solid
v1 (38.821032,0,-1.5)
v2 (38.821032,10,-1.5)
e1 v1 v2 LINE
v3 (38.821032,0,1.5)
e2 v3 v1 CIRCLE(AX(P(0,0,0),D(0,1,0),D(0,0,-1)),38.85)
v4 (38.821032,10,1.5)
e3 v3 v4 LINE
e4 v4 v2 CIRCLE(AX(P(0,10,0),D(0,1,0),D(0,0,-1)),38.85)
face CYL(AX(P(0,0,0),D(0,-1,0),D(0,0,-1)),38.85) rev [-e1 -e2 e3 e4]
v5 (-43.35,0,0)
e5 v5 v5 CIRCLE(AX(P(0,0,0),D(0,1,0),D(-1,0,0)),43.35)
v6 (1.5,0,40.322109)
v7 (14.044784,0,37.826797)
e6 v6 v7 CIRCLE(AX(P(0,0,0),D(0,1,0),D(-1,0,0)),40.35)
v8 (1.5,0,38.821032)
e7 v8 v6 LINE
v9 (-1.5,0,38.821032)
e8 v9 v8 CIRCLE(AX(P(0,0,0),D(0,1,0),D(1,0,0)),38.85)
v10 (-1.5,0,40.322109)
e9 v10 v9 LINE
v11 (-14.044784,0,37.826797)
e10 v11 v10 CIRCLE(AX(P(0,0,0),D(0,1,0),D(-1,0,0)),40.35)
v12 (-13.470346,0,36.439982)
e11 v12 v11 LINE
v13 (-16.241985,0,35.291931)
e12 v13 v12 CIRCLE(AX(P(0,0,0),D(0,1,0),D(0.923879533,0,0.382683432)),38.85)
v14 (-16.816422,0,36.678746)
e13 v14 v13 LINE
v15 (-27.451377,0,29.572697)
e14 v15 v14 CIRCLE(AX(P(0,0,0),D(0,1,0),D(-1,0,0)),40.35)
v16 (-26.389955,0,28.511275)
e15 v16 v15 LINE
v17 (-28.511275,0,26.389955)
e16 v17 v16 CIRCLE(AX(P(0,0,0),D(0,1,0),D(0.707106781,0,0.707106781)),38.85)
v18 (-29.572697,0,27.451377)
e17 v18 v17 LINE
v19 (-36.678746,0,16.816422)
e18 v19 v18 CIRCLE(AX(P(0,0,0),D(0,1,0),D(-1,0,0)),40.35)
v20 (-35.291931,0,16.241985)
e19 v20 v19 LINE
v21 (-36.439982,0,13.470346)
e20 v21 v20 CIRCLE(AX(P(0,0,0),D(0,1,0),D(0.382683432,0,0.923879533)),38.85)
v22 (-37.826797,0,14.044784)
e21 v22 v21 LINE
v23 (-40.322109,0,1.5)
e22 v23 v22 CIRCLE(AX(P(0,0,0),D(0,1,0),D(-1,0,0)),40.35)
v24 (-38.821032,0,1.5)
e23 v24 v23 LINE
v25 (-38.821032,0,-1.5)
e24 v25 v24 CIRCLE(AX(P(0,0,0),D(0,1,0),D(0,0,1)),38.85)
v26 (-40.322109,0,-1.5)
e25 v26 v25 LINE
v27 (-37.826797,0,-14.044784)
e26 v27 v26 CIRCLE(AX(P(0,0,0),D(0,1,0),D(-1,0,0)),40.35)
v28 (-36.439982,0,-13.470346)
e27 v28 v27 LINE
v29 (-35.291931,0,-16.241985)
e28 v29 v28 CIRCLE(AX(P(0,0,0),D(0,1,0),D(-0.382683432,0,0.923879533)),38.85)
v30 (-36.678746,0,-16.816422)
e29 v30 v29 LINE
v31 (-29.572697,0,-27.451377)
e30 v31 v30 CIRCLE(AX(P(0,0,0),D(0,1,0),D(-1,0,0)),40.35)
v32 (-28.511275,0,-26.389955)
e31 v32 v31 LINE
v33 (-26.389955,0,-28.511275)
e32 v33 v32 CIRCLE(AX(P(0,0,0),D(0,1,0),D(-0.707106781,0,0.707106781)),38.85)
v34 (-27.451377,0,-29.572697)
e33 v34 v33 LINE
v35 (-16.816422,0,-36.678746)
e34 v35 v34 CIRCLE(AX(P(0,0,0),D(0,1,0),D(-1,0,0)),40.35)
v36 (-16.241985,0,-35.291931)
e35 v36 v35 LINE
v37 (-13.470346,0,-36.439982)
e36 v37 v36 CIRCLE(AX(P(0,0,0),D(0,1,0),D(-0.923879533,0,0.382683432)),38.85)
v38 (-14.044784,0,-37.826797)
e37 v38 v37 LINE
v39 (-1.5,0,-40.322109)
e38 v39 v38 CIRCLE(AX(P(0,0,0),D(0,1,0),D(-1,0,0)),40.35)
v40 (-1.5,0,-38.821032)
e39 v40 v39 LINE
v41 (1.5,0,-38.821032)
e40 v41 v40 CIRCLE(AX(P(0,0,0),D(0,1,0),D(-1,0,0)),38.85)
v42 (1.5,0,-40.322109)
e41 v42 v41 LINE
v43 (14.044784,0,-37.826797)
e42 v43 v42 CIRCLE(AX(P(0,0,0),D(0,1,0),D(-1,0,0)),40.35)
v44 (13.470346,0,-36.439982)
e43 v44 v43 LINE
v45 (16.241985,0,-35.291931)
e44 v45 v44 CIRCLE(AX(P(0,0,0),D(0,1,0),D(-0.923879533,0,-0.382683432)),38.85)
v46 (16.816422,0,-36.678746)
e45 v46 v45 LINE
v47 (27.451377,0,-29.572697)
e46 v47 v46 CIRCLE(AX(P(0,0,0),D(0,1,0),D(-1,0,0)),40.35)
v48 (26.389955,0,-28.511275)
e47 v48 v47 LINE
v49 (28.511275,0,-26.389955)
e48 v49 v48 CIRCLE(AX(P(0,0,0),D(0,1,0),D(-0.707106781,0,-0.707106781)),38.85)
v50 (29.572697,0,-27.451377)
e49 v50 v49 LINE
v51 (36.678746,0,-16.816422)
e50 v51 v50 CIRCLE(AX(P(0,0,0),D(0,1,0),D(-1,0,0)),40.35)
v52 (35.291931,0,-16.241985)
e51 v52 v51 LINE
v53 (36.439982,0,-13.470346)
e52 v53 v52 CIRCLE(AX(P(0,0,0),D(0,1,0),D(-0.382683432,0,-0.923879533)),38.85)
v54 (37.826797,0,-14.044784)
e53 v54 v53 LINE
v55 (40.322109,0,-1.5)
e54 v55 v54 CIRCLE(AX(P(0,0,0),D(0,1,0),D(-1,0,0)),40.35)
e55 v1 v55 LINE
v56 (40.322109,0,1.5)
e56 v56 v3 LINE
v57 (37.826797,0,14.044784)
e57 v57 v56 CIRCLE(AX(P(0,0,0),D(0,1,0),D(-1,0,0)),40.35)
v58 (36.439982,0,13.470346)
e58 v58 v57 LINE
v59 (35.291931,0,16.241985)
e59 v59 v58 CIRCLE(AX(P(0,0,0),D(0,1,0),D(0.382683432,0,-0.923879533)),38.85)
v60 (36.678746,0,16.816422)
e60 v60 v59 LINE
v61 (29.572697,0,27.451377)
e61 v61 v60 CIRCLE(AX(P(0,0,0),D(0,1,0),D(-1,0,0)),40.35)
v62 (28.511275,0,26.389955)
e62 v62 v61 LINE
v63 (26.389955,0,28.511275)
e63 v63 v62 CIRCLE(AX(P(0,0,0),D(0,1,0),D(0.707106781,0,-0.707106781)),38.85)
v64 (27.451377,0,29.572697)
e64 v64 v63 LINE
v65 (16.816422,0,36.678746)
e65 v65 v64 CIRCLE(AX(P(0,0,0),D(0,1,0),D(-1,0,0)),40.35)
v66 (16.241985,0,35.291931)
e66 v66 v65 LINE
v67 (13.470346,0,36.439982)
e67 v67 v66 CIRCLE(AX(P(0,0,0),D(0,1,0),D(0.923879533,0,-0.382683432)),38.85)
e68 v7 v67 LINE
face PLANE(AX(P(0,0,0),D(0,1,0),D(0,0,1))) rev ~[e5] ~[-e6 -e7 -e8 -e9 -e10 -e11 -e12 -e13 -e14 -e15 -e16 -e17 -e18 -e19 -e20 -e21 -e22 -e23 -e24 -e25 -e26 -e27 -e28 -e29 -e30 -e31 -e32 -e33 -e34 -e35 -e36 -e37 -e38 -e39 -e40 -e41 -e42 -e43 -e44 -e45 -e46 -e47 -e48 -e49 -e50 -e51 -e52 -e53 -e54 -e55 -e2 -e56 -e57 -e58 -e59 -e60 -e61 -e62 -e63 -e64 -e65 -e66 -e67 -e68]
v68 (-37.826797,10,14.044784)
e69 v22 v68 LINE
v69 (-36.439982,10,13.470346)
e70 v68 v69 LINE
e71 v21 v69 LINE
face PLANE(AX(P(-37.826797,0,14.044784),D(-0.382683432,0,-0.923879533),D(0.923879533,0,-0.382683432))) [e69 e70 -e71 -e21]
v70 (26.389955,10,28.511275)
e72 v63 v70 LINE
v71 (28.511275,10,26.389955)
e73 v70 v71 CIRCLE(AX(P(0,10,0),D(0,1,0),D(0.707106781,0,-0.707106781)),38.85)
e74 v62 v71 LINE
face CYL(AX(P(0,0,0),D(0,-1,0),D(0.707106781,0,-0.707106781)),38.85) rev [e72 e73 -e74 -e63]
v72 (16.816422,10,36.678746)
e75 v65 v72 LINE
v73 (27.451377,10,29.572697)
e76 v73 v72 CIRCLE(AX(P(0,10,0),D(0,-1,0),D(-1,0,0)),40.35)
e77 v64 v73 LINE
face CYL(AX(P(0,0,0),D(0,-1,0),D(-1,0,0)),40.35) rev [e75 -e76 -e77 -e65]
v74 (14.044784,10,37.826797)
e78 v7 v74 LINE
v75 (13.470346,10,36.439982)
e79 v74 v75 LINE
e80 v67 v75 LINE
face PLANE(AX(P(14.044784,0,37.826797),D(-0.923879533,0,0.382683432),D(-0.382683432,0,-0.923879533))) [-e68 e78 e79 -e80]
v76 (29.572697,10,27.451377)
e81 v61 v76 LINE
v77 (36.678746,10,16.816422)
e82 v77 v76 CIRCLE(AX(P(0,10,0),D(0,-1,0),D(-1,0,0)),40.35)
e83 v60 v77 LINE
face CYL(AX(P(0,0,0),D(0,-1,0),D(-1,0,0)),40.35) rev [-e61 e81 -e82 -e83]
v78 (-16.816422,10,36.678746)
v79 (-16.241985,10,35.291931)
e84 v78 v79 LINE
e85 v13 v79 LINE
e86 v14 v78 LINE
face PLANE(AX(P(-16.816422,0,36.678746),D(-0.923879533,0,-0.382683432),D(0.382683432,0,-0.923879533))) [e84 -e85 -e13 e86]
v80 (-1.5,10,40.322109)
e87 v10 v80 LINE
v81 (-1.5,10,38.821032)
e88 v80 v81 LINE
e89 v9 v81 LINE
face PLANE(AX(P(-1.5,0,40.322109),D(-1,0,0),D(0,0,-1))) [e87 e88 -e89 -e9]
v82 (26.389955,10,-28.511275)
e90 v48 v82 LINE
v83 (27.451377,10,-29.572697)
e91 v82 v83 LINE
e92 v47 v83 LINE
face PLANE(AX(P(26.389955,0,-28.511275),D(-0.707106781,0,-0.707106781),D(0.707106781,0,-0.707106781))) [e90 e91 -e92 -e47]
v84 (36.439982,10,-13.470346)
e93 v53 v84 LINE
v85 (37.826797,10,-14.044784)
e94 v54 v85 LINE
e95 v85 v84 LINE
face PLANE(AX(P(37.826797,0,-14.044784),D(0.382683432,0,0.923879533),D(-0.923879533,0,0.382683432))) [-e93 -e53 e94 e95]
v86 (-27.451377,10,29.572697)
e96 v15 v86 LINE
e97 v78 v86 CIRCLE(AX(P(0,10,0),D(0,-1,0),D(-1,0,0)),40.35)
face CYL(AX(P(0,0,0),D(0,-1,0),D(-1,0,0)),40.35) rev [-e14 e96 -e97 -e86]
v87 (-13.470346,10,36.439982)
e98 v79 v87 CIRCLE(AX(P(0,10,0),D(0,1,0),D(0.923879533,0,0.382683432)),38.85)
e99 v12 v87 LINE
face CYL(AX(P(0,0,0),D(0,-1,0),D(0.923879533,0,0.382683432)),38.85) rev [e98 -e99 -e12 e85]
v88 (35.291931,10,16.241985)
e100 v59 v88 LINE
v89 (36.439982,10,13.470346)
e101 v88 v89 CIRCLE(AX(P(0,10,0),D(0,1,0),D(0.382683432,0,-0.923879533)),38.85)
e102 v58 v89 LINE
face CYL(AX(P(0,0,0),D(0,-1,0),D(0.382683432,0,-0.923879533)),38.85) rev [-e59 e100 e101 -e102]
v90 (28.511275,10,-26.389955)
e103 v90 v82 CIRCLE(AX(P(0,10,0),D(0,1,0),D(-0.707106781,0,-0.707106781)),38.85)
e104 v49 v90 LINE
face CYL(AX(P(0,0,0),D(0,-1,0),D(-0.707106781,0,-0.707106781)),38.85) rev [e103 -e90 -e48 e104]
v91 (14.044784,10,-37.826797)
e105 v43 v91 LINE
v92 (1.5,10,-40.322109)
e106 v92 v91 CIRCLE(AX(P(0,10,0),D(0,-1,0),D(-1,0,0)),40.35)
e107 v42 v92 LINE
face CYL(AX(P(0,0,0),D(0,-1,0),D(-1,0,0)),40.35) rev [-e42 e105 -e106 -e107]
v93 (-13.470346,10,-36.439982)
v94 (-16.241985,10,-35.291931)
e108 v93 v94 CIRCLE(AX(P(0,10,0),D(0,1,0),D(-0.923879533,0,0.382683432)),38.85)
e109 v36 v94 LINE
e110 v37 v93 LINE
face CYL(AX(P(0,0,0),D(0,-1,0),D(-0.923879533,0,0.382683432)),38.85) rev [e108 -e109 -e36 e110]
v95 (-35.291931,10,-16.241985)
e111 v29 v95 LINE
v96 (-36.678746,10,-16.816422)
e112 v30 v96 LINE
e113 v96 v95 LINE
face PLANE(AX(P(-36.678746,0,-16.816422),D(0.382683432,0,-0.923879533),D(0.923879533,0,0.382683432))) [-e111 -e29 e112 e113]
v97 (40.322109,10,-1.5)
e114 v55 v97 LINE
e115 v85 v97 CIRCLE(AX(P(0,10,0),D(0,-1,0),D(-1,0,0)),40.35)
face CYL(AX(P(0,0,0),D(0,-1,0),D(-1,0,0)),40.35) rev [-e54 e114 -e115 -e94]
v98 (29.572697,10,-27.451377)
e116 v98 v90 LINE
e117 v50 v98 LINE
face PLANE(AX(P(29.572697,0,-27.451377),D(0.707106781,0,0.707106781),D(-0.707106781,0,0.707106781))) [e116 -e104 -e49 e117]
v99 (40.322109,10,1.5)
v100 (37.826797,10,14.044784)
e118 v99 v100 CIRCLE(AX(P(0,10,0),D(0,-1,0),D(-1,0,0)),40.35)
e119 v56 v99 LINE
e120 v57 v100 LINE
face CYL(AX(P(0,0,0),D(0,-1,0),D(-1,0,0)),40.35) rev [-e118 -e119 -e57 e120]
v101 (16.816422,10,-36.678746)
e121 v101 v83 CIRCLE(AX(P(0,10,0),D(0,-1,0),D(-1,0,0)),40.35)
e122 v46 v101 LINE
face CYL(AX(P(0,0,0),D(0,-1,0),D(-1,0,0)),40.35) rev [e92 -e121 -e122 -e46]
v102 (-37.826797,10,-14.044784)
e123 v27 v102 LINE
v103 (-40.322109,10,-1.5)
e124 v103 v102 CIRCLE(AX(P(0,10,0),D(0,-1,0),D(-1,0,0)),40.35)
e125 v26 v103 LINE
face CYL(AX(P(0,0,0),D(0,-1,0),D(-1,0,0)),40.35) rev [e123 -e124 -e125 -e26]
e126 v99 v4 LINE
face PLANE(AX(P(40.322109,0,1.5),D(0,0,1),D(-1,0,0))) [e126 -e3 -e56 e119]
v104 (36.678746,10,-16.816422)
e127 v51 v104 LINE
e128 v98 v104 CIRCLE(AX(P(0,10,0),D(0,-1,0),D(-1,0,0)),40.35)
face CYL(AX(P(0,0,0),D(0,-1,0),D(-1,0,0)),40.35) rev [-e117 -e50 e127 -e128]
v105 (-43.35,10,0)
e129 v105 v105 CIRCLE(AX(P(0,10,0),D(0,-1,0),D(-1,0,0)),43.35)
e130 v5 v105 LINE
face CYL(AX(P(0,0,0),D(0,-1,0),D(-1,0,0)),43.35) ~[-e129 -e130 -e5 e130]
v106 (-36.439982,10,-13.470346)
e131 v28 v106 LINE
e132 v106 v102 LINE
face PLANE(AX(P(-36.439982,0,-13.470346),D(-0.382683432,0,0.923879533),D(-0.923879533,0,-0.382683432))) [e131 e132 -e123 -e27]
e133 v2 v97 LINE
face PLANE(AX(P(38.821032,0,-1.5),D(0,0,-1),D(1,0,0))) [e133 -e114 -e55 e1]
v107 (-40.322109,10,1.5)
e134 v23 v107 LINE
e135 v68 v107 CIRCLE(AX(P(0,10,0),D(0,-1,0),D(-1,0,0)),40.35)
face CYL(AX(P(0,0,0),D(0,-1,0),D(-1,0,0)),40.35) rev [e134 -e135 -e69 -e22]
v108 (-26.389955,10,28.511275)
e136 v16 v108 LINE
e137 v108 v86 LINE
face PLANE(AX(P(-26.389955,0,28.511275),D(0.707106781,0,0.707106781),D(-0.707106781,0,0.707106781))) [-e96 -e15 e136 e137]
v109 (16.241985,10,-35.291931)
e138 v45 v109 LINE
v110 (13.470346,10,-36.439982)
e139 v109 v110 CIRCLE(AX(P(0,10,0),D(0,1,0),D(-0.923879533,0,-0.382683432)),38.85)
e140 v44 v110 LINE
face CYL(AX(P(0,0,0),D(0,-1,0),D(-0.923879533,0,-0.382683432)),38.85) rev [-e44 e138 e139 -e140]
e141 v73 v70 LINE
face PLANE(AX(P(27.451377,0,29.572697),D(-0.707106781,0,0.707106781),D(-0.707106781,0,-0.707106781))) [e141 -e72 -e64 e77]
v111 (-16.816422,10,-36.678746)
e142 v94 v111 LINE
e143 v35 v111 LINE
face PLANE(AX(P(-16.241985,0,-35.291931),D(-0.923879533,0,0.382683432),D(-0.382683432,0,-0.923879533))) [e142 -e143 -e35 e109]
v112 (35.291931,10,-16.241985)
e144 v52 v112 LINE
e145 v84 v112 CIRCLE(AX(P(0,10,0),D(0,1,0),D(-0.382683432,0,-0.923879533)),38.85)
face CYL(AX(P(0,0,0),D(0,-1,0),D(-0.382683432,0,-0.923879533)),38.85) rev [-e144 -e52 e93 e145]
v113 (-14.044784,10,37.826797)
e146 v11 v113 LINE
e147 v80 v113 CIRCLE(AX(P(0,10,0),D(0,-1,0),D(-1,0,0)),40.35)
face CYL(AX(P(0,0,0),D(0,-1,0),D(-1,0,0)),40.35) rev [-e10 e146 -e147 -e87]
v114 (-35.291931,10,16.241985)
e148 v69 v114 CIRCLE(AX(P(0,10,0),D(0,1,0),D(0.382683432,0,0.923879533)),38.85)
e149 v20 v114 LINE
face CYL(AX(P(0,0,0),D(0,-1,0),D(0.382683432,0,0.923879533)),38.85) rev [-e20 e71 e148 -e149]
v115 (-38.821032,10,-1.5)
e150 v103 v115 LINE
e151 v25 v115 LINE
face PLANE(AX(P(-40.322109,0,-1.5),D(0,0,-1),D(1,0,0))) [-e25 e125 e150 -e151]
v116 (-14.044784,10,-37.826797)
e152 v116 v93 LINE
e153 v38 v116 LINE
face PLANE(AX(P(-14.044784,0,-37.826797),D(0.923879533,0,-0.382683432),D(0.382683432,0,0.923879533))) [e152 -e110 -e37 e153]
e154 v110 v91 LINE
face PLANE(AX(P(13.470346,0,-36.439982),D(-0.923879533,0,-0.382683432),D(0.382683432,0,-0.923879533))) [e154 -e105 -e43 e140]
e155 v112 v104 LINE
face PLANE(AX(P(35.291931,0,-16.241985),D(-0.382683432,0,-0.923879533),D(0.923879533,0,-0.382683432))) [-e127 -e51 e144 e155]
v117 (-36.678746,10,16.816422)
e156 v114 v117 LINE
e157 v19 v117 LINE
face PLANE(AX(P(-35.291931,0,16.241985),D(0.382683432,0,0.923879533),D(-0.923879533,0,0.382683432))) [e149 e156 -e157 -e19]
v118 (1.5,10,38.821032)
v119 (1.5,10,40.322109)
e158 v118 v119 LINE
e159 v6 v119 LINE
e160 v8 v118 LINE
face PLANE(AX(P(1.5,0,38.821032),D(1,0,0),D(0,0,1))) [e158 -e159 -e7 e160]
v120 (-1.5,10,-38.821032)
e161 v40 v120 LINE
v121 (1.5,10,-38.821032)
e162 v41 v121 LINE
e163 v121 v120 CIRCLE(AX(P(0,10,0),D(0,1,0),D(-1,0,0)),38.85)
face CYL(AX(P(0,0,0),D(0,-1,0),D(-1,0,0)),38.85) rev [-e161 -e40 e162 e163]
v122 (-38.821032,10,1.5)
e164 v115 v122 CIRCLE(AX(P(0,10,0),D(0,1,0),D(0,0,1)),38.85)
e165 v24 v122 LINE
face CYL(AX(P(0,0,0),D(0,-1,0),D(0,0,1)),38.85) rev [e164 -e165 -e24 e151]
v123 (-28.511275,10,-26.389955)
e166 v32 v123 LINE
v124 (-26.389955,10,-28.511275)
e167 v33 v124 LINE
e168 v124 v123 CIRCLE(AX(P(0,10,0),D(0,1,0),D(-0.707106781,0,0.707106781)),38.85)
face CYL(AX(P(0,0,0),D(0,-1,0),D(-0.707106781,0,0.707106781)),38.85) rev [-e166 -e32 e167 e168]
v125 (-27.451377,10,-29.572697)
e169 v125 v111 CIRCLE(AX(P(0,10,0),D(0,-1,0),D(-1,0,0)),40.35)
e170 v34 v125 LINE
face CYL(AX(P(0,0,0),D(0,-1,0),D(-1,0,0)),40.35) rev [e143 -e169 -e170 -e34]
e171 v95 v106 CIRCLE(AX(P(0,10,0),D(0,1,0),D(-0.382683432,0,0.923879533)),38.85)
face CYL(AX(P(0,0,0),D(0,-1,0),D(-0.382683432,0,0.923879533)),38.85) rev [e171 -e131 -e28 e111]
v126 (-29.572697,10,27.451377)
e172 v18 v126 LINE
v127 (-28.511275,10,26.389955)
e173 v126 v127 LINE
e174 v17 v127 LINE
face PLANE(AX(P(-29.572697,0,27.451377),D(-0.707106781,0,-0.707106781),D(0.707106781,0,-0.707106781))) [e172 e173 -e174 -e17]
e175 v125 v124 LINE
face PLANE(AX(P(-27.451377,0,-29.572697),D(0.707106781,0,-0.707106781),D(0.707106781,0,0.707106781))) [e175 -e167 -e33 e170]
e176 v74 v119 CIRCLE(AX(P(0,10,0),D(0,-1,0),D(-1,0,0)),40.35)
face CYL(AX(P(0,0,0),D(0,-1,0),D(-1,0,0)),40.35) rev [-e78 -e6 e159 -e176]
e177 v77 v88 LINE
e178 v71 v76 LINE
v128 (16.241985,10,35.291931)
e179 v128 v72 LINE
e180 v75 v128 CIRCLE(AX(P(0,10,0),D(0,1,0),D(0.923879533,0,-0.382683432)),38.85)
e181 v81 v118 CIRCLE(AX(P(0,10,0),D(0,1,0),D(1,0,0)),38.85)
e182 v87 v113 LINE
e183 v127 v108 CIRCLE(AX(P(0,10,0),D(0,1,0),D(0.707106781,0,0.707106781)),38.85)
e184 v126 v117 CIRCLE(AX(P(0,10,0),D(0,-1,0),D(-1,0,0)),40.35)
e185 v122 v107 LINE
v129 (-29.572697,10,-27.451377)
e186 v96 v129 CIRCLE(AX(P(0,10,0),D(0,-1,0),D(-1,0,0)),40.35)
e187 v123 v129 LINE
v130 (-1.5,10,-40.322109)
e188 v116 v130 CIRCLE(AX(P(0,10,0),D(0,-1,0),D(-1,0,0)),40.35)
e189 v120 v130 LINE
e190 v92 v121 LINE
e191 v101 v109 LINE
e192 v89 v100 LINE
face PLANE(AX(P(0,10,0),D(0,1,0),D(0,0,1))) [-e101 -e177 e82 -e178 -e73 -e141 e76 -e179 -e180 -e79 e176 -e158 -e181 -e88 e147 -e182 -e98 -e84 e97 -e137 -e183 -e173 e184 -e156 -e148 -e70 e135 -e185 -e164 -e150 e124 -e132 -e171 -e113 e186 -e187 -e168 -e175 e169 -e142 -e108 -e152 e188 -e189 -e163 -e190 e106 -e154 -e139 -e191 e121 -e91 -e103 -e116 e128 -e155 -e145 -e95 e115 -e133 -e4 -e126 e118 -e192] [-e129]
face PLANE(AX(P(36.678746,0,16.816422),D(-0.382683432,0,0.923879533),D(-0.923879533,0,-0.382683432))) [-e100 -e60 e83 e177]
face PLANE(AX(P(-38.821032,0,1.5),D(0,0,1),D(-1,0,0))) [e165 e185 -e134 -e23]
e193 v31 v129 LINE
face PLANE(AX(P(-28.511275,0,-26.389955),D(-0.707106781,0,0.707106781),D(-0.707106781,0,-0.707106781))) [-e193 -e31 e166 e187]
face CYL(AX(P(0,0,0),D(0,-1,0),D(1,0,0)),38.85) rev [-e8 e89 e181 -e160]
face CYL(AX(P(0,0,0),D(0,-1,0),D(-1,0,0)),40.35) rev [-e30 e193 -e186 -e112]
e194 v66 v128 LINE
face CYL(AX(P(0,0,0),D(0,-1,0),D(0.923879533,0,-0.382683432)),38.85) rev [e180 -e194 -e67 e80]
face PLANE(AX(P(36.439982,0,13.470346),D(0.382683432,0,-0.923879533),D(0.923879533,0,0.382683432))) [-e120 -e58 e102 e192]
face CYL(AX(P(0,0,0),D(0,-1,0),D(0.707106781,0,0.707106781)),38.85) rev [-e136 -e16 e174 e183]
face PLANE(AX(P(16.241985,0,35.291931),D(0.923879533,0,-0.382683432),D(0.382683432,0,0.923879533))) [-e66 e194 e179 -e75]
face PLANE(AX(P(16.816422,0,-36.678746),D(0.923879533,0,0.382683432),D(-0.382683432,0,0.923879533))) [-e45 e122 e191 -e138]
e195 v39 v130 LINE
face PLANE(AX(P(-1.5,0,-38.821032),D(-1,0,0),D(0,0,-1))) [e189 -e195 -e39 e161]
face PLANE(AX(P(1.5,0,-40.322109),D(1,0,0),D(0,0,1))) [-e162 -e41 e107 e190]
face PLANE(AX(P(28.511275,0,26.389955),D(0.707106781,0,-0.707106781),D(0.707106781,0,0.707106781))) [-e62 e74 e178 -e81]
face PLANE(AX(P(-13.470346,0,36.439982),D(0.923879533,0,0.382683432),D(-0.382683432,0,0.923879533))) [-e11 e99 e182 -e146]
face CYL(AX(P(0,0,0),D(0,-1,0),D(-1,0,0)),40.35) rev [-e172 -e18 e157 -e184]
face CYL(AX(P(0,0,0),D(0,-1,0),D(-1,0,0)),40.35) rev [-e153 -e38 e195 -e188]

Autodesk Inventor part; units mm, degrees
ref_plane "YZ Plane" through (0, 0, 0) normal (1, 0, 0) x (0, 1, 0)
ref_plane "XZ Plane" through (0, 0, 0) normal (0, 1, 0) x (-1, 0, 0)
ref_plane "XY Plane" through (0, 0, 0) normal (0, 0, 1) x (1, 0, 0)
sketch "Sketch1" plane through (0, 0, 0) normal (0, 1, 0) x (-1, 0, 0)
  circle A0 centre (0, 0) radius 37.85 construction
  circle A1 centre (0, 0) radius 38.85
  circle A2 centre (0, 0) radius 40.35
  circle A3 centre (0, 0) radius 43.35
  line L0 (1.5, -43.35) -> (-1.5, -43.35)
  line L1 (-1.5, -43.35) -> (-1.5, 0)
  line L2 (-1.5, 0) -> (1.5, 0)
  line L3 (1.5, 0) -> (1.5, -43.35)
  point P0 (0, -43.35)
  point P1 (1.5, -40.3221)
  point P2 (1.5, -38.821)
  point P3 (-1.5, -38.821)
  point P4 (-1.5, -40.3221)
  dimension "d0" = 75.7
  dimension "d1" = 1
  dimension "d2" = 1.5
  dimension "d3" = 3
  dimension "d4" = 3
extrude "Extrusion1" add sketch "Sketch1" along normal blind 10 contours L1 A3 L3 A2 | A2 L3 A3 L1
extrude "Extrusion2" add sketch "Sketch1" along normal blind 10 contours A1 L3 A2 L1 picked at (1.1667, -39.33)
pattern_circular "Circular Pattern1" count 16 over 360 about axis through (0, -10, 0) along (0, 1, 0) of "Extrusion2"
properties part number "STI Hybrid 98 Cooling Shroud Lower Section Prototype_3DPrint"
